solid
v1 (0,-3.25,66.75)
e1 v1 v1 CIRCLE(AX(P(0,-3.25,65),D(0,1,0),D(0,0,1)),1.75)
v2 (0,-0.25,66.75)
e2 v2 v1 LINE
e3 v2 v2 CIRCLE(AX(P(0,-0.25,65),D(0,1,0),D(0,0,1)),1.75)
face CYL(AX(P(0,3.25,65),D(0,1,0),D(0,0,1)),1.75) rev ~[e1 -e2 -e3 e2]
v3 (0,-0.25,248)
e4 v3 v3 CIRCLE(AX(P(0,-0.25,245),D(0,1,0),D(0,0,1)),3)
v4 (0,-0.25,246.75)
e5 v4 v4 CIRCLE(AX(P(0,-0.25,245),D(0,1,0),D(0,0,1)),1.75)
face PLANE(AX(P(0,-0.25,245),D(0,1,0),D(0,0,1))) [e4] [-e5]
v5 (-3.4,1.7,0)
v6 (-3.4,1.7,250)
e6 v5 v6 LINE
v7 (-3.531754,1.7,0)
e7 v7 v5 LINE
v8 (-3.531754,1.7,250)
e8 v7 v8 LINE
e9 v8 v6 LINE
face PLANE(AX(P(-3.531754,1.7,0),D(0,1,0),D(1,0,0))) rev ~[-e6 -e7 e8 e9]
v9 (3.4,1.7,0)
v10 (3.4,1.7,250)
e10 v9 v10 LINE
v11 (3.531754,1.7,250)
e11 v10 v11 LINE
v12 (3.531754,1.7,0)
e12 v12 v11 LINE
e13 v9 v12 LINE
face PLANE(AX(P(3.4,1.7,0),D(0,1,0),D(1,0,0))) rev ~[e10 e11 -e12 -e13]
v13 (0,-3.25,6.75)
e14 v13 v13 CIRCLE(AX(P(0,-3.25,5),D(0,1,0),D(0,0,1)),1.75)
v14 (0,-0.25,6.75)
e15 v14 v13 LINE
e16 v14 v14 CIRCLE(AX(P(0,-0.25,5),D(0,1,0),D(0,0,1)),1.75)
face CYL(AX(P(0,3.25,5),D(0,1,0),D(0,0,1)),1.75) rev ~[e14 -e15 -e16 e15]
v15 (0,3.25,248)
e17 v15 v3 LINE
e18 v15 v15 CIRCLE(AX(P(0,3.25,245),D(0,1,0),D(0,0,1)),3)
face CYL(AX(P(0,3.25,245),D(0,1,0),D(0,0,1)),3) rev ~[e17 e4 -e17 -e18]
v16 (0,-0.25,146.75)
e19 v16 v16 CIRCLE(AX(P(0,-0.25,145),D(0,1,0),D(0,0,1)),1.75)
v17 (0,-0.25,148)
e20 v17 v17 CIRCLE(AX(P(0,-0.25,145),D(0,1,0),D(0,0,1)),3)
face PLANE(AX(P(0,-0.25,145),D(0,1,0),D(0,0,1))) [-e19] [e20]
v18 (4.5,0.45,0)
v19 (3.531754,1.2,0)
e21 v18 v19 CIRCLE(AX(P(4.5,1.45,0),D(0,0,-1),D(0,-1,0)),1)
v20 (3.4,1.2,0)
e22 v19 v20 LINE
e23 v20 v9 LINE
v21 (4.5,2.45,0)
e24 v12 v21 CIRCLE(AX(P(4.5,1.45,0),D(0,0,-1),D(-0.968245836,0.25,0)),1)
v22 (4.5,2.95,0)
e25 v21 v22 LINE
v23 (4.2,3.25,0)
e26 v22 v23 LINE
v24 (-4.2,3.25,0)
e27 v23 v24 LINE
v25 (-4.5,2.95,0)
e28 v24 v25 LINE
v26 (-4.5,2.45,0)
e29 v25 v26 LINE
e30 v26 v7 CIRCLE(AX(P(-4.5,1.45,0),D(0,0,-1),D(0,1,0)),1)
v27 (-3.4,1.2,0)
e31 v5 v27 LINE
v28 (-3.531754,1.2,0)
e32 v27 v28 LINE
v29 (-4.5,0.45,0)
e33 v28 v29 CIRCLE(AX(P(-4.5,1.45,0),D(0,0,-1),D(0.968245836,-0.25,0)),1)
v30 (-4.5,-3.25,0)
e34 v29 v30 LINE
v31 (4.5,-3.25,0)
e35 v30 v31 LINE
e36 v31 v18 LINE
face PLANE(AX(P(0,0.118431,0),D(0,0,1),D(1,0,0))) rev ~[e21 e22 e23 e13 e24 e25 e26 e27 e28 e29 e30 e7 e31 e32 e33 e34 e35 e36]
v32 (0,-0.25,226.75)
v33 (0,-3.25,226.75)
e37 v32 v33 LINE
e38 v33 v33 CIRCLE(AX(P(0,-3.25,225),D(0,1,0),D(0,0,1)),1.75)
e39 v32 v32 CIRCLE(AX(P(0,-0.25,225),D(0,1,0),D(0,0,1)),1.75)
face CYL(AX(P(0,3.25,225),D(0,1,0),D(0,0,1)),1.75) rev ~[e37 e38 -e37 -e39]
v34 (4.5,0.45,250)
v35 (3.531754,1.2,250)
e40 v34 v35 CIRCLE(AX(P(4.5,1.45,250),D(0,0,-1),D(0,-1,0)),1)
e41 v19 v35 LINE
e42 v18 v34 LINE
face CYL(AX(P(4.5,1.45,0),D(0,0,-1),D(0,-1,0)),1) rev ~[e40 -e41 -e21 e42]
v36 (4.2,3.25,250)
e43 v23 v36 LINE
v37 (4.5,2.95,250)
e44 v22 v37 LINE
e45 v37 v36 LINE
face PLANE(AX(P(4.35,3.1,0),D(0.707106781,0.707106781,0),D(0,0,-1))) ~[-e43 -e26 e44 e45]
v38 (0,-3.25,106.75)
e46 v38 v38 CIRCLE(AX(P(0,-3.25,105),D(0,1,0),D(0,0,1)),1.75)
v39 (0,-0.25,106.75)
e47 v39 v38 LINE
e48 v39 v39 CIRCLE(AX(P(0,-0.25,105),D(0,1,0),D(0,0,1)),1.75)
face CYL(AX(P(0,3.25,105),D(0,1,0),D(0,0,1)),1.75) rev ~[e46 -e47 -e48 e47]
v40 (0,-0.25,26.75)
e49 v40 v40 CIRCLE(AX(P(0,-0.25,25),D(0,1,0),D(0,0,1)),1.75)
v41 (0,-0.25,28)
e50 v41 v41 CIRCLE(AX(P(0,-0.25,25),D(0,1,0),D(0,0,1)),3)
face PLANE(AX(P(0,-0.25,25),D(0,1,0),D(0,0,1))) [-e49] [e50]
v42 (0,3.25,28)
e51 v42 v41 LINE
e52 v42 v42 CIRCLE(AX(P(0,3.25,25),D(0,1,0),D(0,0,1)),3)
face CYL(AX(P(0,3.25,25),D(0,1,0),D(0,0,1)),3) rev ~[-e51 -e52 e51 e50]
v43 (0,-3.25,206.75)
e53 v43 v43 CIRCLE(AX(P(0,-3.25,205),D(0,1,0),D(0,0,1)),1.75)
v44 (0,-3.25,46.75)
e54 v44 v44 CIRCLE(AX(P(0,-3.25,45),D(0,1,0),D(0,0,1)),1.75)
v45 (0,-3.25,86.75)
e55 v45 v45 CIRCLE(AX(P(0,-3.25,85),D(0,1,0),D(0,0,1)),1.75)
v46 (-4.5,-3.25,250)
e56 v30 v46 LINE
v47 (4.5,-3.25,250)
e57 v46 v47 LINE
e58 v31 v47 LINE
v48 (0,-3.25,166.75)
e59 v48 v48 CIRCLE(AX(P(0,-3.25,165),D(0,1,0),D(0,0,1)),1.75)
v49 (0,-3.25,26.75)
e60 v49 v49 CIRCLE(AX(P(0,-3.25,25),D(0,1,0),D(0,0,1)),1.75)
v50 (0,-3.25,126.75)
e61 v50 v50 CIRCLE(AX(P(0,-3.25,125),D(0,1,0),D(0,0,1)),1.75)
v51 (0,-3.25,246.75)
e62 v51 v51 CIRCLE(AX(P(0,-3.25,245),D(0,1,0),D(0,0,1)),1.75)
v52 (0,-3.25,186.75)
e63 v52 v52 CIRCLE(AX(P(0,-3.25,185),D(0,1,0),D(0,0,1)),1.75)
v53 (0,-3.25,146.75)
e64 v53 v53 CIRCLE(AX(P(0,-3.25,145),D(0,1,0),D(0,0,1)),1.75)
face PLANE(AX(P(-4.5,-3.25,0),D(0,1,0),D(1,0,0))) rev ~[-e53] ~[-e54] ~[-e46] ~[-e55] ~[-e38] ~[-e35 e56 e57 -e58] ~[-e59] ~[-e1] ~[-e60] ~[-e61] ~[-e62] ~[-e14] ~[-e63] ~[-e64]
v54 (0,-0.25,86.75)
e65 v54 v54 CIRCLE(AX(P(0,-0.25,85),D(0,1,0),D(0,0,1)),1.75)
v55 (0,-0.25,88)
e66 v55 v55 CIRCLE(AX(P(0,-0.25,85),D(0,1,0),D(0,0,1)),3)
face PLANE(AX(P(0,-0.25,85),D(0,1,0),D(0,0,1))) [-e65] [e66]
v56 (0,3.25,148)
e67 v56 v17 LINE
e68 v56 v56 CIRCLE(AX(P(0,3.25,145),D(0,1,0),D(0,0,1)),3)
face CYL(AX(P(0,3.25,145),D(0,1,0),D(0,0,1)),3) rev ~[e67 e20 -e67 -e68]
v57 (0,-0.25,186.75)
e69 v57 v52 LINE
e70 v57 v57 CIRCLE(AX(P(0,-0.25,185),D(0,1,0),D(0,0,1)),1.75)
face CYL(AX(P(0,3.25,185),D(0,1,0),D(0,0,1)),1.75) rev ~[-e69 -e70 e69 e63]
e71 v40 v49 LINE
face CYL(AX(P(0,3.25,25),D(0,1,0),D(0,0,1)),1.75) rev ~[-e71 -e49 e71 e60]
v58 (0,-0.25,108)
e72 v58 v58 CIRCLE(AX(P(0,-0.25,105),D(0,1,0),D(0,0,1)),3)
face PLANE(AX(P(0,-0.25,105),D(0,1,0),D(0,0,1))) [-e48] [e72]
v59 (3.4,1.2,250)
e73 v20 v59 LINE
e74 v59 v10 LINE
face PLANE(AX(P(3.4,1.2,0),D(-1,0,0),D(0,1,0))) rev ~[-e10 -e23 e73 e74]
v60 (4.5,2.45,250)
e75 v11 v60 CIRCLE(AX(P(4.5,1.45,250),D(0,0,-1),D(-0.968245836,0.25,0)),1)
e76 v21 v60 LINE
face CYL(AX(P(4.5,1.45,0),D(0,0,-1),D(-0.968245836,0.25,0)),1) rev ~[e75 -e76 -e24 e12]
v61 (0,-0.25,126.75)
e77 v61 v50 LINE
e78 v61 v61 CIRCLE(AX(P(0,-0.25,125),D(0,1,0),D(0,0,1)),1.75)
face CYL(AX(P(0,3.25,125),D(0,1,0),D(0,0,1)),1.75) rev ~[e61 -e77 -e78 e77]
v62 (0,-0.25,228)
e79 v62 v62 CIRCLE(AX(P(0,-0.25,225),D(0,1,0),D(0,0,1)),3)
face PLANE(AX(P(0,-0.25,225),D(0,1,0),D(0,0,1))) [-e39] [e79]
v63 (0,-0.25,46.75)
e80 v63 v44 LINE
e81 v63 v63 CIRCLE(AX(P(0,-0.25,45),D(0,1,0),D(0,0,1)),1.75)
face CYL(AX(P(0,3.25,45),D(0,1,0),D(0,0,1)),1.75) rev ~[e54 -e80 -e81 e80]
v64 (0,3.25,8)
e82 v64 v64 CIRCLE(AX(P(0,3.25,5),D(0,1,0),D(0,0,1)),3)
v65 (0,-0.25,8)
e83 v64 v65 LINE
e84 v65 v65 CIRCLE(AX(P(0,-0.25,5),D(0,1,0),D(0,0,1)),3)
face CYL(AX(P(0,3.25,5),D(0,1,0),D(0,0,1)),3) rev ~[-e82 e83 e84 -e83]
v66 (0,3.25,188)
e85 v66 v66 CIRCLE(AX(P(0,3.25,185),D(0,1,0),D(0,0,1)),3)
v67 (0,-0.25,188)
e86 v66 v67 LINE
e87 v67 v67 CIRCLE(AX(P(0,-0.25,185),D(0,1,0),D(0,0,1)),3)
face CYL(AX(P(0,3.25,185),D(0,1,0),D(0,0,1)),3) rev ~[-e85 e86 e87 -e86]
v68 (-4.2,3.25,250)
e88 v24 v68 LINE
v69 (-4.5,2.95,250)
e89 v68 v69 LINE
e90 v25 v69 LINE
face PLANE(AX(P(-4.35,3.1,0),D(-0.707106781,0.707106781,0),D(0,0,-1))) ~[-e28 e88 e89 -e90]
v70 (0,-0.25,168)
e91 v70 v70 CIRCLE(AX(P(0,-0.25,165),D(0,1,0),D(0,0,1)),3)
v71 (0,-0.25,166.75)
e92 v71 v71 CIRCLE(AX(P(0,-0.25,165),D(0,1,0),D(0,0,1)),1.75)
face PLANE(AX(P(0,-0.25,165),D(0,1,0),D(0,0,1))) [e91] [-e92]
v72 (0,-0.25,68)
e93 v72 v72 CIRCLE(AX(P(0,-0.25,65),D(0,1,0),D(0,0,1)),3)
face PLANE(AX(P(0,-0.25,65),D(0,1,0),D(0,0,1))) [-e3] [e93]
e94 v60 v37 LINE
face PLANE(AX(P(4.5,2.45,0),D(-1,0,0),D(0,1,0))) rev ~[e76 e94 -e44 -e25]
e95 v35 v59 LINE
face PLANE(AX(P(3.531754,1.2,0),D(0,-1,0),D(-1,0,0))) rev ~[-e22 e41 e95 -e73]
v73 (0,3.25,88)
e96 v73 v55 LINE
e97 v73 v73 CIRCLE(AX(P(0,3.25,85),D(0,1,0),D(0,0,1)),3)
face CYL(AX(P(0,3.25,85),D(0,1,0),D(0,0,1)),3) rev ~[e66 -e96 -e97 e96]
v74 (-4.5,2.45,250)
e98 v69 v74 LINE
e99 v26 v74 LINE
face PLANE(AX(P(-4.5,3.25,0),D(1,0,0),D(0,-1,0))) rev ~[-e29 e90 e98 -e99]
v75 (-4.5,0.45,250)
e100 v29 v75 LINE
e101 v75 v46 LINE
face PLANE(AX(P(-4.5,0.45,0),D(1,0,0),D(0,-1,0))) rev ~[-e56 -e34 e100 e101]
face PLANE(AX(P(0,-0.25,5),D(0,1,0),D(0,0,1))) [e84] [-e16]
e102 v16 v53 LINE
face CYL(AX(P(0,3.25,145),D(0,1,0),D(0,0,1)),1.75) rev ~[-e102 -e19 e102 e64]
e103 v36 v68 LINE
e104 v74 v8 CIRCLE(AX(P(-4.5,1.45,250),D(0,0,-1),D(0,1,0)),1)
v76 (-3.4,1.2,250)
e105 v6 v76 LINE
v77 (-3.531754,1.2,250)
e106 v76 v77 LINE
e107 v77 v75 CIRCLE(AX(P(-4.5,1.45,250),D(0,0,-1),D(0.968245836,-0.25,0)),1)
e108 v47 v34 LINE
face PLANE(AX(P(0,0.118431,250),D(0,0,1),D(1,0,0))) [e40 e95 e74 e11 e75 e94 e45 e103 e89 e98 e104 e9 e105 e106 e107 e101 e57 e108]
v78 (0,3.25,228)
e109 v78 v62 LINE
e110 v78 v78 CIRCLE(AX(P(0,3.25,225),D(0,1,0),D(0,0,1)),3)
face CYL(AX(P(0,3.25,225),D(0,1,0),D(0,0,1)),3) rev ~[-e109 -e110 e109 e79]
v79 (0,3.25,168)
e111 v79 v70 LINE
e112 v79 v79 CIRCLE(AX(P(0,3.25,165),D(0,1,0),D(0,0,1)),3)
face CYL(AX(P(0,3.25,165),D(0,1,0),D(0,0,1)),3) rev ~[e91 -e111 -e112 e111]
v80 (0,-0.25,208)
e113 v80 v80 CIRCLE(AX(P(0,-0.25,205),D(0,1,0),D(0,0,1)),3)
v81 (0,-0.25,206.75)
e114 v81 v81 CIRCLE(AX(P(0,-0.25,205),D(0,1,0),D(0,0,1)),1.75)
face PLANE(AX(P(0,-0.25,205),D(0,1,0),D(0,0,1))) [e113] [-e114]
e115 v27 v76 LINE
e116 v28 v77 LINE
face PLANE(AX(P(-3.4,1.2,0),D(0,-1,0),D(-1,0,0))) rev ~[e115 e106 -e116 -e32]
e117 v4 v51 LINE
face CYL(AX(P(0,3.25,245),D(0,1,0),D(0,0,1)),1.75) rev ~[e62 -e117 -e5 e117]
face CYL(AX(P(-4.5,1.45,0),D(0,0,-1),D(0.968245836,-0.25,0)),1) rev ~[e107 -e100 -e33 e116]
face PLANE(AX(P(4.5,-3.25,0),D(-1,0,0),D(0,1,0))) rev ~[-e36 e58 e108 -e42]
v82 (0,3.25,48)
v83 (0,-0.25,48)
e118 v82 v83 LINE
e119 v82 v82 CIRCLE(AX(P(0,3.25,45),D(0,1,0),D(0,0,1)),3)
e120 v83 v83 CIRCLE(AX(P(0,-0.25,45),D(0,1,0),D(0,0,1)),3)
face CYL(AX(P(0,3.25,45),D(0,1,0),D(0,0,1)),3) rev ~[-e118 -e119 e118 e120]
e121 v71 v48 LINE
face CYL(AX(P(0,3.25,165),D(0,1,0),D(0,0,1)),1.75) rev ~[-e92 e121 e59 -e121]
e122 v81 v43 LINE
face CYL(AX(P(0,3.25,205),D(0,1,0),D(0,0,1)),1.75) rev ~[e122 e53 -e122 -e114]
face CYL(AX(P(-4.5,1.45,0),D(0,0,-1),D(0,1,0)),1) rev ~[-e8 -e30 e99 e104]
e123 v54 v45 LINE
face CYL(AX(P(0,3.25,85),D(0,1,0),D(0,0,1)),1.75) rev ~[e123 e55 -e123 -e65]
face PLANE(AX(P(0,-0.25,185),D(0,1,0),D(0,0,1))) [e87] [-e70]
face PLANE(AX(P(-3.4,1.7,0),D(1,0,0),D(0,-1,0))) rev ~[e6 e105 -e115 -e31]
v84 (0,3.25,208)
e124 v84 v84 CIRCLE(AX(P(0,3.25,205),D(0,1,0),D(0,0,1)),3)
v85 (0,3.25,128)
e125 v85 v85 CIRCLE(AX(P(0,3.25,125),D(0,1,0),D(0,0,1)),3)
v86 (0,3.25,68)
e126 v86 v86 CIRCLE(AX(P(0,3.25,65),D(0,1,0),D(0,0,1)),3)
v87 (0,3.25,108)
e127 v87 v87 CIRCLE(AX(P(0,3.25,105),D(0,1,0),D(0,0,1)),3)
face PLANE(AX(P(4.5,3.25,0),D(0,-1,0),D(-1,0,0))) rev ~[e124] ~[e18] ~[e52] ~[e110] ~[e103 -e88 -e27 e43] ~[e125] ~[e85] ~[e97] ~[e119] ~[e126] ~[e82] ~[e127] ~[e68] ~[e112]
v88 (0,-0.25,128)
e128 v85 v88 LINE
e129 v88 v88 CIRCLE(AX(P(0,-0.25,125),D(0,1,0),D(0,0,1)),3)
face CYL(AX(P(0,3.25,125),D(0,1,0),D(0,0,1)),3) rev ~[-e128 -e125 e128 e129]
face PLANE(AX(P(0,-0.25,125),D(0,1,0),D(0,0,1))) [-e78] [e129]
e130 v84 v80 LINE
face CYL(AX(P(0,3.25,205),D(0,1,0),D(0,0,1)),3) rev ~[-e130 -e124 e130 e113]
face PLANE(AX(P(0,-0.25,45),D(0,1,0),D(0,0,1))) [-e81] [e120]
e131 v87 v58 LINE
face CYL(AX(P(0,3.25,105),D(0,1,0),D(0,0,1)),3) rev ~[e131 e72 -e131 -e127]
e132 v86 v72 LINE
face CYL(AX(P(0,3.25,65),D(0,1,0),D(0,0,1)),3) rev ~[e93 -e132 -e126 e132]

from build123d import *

# Parameters (mm, degrees)
EXTRUDE1_DEPTH  = 250
SKETCH2_R       = 3
EXTRUDE2_DEPTH  = 3.5
SKETCH_R        = 1.75
EXTRUDE3_DEPTH  = 251.124968766
LPATTERN1_COUNT = 40
LPATTERN1_PITCH = 20
CHAMFER1_SIZE   = 0.3


with BuildPart() as part:
    # Sketch1 → Extrude1 (new body)
    with BuildSketch(Plane.XY):
        with BuildLine():
            Line((-4.5, -3.25), (4.5, -3.25))
            Line((4.5, -3.25), (4.5, 0.45))
            ThreePointArc((4.5, 0.45), (3.887627564, 0.659430585), (3.531754163, 1.2))
            Line((3.531754163, 1.2), (3.4, 1.2))
            Line((3.4, 1.2), (3.4, 1.7))
            Line((3.4, 1.7), (3.531754163, 1.7))
            ThreePointArc((3.531754163, 1.7), (3.887627564, 2.240569415), (4.5, 2.45))
            Line((4.5, 2.45), (4.5, 3.25))
            Line((4.5, 3.25), (-4.5, 3.25))
            Line((-4.5, 3.25), (-4.5, 2.45))
            ThreePointArc((-4.5, 2.45), (-3.887627564, 2.240569415), (-3.531754163, 1.7))
            Line((-3.531754163, 1.7), (-3.4, 1.7))
            Line((-3.4, 1.7), (-3.4, 1.2))
            Line((-3.4, 1.2), (-3.531754163, 1.2))
            ThreePointArc((-3.531754163, 1.2), (-3.887627564, 0.659430585), (-4.5, 0.45))
            Line((-4.5, 0.45), (-4.5, -3.25))
        make_face()
    extrude(amount=EXTRUDE1_DEPTH)

    # Sketch2 → Extrude2 (cut)
    with BuildSketch(Plane(origin=(0, 3.25, 0), x_dir=(1, 0, 0), z_dir=(0, 1, 0))):
        with Locations((0, -5)):
            Circle(SKETCH2_R)
    extrude2 = extrude(amount=-EXTRUDE2_DEPTH, mode=Mode.SUBTRACT)

    # Sketch → Extrude3 (cut, through all)
    with BuildSketch(Plane(origin=(0, 3.25, 0), x_dir=(1, 0, 0), z_dir=(0, 1, 0))):
        with Locations((0, -5)):
            Circle(SKETCH_R)
    extrude3 = extrude(amount=-EXTRUDE3_DEPTH, mode=Mode.SUBTRACT)

    # LPattern1: Extrude2, Extrude3 ×40
    with Locations(*[(0, 0, i * LPATTERN1_PITCH) for i in range(1, LPATTERN1_COUNT)]):
        add(extrude2, mode=Mode.SUBTRACT)
        add(extrude3, mode=Mode.SUBTRACT)

    # Chamfer1
    chamfer1_edges = [part.edges().sort_by_distance(p)[0] for p in [
        (4.5, 3.25, 125),
        (-4.5, 3.25, 125),
    ]]
    chamfer(chamfer1_edges, length=CHAMFER1_SIZE)


solid = part.part
